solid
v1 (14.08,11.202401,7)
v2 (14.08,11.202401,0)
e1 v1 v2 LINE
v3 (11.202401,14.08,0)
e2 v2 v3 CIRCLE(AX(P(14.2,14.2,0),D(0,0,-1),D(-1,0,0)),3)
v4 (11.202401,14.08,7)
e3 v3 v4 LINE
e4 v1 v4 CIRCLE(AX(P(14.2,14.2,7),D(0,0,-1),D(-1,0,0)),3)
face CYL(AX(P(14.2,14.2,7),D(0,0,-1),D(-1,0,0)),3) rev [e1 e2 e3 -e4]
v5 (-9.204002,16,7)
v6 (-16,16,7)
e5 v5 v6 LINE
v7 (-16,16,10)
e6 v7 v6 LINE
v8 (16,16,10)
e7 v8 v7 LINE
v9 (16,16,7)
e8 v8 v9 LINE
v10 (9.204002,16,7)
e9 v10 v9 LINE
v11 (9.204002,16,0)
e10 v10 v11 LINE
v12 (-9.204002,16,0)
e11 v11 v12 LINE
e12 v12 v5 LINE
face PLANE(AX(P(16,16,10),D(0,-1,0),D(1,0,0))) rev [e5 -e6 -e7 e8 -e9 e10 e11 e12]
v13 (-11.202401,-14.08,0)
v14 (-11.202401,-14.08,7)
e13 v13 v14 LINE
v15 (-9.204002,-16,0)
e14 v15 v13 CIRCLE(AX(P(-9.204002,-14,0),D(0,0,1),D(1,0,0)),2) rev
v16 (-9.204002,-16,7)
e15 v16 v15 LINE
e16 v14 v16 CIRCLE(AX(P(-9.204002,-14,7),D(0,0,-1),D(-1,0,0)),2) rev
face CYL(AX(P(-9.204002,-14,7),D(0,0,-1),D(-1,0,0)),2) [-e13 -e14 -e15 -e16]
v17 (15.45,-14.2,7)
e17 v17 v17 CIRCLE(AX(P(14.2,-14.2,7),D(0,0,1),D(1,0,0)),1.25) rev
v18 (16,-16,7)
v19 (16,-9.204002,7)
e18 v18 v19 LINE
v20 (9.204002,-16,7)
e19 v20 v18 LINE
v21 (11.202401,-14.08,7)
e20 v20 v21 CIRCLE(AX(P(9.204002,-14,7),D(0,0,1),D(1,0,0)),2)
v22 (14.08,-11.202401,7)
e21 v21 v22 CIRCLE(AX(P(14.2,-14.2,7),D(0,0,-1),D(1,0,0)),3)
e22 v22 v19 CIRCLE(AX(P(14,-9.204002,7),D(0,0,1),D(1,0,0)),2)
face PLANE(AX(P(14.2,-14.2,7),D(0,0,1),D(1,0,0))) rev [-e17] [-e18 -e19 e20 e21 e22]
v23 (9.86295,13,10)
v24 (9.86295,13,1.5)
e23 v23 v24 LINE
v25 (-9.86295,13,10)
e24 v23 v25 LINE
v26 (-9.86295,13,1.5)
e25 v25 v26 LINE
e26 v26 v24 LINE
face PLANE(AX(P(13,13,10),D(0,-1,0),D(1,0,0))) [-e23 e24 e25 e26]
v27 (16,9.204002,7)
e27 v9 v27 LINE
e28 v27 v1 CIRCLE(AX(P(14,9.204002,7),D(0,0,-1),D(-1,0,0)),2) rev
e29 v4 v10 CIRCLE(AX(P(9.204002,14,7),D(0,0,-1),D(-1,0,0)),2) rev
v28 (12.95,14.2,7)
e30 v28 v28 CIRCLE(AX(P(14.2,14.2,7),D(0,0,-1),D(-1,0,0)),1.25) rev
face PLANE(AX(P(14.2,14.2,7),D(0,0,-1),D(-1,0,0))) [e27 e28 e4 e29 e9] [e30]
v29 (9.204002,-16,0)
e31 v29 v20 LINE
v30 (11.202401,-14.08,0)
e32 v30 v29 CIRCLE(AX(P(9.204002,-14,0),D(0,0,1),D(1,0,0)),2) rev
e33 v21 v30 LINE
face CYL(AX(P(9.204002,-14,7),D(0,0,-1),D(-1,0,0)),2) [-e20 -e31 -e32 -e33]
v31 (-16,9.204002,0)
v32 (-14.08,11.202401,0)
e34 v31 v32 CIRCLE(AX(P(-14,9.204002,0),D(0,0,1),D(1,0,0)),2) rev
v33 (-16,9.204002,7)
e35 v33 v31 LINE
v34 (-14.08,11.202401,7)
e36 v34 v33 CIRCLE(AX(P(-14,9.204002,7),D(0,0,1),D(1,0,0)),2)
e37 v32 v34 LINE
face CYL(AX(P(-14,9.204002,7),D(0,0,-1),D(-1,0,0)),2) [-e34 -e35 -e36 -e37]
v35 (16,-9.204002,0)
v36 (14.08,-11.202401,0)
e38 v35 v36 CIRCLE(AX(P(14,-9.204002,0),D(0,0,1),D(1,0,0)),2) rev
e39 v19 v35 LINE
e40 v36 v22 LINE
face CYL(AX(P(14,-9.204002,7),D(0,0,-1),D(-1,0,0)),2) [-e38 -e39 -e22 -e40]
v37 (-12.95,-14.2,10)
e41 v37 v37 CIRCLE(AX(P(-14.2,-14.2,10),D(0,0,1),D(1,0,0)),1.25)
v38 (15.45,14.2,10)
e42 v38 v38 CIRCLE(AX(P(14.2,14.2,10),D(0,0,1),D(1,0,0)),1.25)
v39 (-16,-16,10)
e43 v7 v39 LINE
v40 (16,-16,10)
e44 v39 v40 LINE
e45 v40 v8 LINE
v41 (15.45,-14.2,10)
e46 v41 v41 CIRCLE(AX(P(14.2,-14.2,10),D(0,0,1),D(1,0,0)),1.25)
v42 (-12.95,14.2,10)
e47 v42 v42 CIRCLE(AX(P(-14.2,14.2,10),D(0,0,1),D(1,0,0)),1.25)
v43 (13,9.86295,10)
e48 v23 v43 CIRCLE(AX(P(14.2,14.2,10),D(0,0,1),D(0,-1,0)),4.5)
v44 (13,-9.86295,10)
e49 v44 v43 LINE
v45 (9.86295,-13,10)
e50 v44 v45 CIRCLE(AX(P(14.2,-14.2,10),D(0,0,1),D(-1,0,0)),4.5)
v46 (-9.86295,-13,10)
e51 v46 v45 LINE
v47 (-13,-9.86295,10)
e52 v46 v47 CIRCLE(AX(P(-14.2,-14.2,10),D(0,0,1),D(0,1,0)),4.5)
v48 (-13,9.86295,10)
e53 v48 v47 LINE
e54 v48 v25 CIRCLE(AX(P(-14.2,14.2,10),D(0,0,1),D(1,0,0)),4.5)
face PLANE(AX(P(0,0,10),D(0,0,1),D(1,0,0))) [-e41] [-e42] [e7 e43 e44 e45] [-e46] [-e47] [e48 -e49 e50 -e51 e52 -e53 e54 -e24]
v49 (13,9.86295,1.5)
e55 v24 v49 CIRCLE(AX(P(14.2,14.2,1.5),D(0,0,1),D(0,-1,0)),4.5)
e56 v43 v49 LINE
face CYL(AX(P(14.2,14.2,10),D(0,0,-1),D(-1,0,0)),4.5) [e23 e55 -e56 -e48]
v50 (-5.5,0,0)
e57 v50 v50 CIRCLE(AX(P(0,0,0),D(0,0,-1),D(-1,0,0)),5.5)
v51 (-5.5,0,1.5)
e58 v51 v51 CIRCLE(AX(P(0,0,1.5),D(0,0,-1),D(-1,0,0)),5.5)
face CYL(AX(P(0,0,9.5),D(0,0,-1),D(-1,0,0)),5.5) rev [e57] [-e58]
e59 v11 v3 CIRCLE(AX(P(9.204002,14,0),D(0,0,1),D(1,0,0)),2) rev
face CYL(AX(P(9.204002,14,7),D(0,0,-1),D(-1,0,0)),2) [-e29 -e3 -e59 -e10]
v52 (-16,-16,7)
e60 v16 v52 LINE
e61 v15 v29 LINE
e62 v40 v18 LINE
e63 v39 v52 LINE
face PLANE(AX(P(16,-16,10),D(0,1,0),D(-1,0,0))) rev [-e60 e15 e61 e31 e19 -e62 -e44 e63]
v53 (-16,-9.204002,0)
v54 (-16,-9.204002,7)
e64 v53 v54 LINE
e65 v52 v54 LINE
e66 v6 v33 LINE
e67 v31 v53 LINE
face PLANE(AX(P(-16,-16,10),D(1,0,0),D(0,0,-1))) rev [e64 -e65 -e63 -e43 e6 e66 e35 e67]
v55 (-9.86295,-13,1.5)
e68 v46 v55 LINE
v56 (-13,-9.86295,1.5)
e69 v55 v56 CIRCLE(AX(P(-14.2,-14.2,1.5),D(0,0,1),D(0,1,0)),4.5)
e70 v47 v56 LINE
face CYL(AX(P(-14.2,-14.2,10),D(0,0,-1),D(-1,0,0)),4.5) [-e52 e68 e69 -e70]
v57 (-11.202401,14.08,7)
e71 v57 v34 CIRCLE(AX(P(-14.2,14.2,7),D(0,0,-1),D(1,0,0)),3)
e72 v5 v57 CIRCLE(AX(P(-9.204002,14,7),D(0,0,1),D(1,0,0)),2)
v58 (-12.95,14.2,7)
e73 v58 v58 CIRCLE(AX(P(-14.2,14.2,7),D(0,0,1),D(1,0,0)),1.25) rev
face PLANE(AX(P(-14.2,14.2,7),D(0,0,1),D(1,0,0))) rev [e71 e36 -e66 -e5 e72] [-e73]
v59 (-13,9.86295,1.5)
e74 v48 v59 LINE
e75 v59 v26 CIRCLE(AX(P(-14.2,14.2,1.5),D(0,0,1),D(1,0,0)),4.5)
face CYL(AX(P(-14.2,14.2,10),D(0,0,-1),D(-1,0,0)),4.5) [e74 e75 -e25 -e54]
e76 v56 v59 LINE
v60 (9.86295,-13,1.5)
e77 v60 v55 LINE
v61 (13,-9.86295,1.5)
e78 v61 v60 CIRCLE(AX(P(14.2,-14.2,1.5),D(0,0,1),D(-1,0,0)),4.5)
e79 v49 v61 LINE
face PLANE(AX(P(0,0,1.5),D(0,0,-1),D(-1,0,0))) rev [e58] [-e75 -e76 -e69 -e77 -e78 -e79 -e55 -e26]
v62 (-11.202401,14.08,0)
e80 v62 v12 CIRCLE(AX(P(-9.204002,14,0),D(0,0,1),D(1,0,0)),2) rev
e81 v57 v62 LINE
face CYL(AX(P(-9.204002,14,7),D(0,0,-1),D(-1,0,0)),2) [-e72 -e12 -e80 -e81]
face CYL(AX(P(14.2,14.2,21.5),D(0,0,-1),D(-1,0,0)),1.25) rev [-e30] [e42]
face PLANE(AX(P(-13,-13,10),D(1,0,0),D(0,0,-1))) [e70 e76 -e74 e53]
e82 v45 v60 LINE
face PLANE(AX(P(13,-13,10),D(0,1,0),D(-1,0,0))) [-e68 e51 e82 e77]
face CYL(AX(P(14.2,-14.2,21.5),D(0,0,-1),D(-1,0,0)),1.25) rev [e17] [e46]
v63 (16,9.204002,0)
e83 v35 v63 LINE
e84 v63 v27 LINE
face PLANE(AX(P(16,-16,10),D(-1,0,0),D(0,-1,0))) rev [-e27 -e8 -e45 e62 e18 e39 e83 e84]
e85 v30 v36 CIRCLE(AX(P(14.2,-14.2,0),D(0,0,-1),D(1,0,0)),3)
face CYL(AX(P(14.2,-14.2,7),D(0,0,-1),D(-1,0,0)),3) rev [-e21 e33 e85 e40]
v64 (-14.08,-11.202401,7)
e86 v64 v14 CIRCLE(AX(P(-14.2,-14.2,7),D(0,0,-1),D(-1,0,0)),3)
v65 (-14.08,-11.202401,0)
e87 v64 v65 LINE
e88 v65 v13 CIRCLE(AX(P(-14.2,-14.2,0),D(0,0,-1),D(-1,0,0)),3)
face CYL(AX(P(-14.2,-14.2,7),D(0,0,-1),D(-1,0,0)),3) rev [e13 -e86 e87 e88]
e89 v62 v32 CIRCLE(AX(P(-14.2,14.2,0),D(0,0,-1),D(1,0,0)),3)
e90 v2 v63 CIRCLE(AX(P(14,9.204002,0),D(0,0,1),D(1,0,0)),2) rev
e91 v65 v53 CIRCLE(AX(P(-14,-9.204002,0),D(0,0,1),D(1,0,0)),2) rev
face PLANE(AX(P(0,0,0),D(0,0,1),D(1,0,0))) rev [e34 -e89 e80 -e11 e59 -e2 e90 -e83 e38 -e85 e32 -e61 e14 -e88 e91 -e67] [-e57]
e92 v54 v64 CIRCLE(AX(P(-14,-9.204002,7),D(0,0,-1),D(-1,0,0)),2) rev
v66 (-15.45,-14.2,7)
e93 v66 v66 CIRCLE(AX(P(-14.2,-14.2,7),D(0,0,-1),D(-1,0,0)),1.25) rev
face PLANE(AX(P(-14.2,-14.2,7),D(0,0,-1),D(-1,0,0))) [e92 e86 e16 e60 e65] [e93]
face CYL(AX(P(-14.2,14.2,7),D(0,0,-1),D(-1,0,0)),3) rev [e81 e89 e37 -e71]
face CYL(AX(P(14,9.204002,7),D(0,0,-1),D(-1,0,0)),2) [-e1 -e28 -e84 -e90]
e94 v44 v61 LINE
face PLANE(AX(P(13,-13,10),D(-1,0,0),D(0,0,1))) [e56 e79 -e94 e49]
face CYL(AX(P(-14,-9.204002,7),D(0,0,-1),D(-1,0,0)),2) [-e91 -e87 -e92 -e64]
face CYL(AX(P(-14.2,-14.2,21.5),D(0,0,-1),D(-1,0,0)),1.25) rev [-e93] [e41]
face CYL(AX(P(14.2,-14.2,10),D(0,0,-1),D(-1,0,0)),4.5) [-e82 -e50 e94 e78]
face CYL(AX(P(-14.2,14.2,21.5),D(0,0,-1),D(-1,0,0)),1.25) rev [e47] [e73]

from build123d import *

# Parameters (mm, degrees)
SKETCH1_W           = 32
SKETCH1_H           = 32
SKETCH1_W_2         = 26
SKETCH1_H_2         = 26
BOSS_EXTRUDE1_DEPTH = 10
SKETCH2_W           = 26
SKETCH2_H           = 26
BOSS_EXTRUDE2_DEPTH = 1.5
SKETCH3_R           = 5.5
CUT_EXTRUDE1_DEPTH  = 9.5
SKETCH4_R           = 1.25
CUT_EXTRUDE2_DEPTH  = 21.5
SKETCH6_R           = 3
CUT_EXTRUDE3_DEPTH  = 7
SKETCH7_R           = 1.25
BOSS_EXTRUDE3_DEPTH = 3
CIRPATTERN1_COUNT   = 4
BOSS_EXTRUDE4_DEPTH = 8.5
CIRPATTERN2_COUNT   = 4
FILLET1_R           = 2


with BuildPart() as part:
    # Sketch1 → Boss-Extrude1 (new body)
    with BuildSketch(Plane.XY):
        Rectangle(SKETCH1_W, SKETCH1_H)
        Rectangle(SKETCH1_W_2, SKETCH1_H_2, mode=Mode.SUBTRACT)
    extrude(amount=BOSS_EXTRUDE1_DEPTH)

    # Sketch2 → Boss-Extrude2 (add)
    with BuildSketch(Plane(origin=(0, 0, 0), x_dir=(-1, 0, 0), z_dir=(0, 0, -1))):
        Rectangle(SKETCH2_W, SKETCH2_H)
    extrude(amount=-BOSS_EXTRUDE2_DEPTH)

    # Sketch3 → Cut-Extrude1 (cut)
    with BuildSketch(Plane(origin=(0, 0, 0), x_dir=(-1, 0, 0), z_dir=(0, 0, -1))):
        Circle(SKETCH3_R)
    extrude(amount=-CUT_EXTRUDE1_DEPTH, mode=Mode.SUBTRACT)

    # Sketch4 → Cut-Extrude2 (cut)
    with BuildSketch(Plane(origin=(0, 0, 0), x_dir=(-1, 0, 0), z_dir=(0, 0, -1))):
        with Locations((-14.2, 14.2)):
            Circle(SKETCH4_R)
        with Locations((14.2, 14.2)):
            Circle(SKETCH4_R)
        with Locations((14.2, -14.2)):
            Circle(SKETCH4_R)
        with Locations((-14.2, -14.2)):
            Circle(SKETCH4_R)
    extrude(amount=-CUT_EXTRUDE2_DEPTH, mode=Mode.SUBTRACT)

    # Sketch6 → Cut-Extrude3 (cut)
    with BuildSketch(Plane(origin=(0, 0, 0), x_dir=(-1, 0, 0), z_dir=(0, 0, -1))):
        with Locations((-14.2, 14.2)):
            Circle(SKETCH6_R)
        with Locations((14.2, 14.2)):
            Circle(SKETCH6_R)
        with Locations((14.2, -14.2)):
            Circle(SKETCH6_R)
        with Locations((-14.2, -14.2)):
            Circle(SKETCH6_R)
    extrude(amount=-CUT_EXTRUDE3_DEPTH, mode=Mode.SUBTRACT)

    # Sketch7 → Boss-Extrude3 (add)
    with BuildSketch(Plane(origin=(0, 0, 7), x_dir=(-1, 0, 0), z_dir=(0, 0, -1))):
        with BuildLine():
            ThreePointArc((11.8, 16), (11.220158645, 14.54719663), (11.450454583, 13))
            Line((11.450454583, 13), (13, 13))
            Line((13, 13), (13, 11.450454583))
            ThreePointArc((13, 11.450454583), (14.54719663, 11.220158645), (16, 11.8))
            Line((16, 11.8), (16, 16))
            Line((16, 16), (11.8, 16))
        make_face()
        with Locations((14.2, 14.2)):
            Circle(SKETCH7_R, mode=Mode.SUBTRACT)
        with BuildLine():
            Line((13, 13), (11.450454583, 13))
            ThreePointArc((11.450454583, 13), (12.078679656, 12.078679656), (13, 11.450454583))
            Line((13, 11.450454583), (13, 13))
        make_face()
    boss_extrude3 = extrude(amount=-BOSS_EXTRUDE3_DEPTH)

    # CirPattern1: Boss-Extrude3 ×4 about axis
    cirpattern1_axis = Axis((0, 0, 9.5), (0, 0, -1))
    for i in range(1, CIRPATTERN1_COUNT):
        add(boss_extrude3.rotate(cirpattern1_axis, i * 360 / CIRPATTERN1_COUNT))

    # Sketch8 → Boss-Extrude4 (add)
    with BuildSketch(Plane.XY.offset(1.5)):
        with BuildLine():
            ThreePointArc((-11.450454583, 13), (-12.078679656, 12.078679656), (-13, 11.450454583))
            Line((-13, 11.450454583), (-13, 9.862950312))
            ThreePointArc((-13, 9.862950312), (-11.018019485, 11.018019485), (-9.862950312, 13))
            Line((-9.862950312, 13), (-11.450454583, 13))
        make_face()
    boss_extrude4 = extrude(amount=BOSS_EXTRUDE4_DEPTH)

    # CirPattern2: Boss-Extrude4 ×4 about axis
    cirpattern2_axis = Axis((0, 0, 0), (0, 0, 1))
    for i in range(1, CIRPATTERN2_COUNT):
        add(boss_extrude4.rotate(cirpattern2_axis, i * 360 / CIRPATTERN2_COUNT))

    # Fillet1
    fillet1_edges = [part.edges().sort_by_distance(p)[0] for p in [
        (-16, -11.8, 3.5),
        (-11.8, -16, 3.5),
        (-16, 11.8, 3.5),
        (-11.8, 16, 3.5),
        (16, 11.8, 3.5),
        (11.8, 16, 3.5),
        (11.8, -16, 3.5),
        (16, -11.8, 3.5),
    ]]
    fillet(fillet1_edges, radius=FILLET1_R)


solid = part.part
